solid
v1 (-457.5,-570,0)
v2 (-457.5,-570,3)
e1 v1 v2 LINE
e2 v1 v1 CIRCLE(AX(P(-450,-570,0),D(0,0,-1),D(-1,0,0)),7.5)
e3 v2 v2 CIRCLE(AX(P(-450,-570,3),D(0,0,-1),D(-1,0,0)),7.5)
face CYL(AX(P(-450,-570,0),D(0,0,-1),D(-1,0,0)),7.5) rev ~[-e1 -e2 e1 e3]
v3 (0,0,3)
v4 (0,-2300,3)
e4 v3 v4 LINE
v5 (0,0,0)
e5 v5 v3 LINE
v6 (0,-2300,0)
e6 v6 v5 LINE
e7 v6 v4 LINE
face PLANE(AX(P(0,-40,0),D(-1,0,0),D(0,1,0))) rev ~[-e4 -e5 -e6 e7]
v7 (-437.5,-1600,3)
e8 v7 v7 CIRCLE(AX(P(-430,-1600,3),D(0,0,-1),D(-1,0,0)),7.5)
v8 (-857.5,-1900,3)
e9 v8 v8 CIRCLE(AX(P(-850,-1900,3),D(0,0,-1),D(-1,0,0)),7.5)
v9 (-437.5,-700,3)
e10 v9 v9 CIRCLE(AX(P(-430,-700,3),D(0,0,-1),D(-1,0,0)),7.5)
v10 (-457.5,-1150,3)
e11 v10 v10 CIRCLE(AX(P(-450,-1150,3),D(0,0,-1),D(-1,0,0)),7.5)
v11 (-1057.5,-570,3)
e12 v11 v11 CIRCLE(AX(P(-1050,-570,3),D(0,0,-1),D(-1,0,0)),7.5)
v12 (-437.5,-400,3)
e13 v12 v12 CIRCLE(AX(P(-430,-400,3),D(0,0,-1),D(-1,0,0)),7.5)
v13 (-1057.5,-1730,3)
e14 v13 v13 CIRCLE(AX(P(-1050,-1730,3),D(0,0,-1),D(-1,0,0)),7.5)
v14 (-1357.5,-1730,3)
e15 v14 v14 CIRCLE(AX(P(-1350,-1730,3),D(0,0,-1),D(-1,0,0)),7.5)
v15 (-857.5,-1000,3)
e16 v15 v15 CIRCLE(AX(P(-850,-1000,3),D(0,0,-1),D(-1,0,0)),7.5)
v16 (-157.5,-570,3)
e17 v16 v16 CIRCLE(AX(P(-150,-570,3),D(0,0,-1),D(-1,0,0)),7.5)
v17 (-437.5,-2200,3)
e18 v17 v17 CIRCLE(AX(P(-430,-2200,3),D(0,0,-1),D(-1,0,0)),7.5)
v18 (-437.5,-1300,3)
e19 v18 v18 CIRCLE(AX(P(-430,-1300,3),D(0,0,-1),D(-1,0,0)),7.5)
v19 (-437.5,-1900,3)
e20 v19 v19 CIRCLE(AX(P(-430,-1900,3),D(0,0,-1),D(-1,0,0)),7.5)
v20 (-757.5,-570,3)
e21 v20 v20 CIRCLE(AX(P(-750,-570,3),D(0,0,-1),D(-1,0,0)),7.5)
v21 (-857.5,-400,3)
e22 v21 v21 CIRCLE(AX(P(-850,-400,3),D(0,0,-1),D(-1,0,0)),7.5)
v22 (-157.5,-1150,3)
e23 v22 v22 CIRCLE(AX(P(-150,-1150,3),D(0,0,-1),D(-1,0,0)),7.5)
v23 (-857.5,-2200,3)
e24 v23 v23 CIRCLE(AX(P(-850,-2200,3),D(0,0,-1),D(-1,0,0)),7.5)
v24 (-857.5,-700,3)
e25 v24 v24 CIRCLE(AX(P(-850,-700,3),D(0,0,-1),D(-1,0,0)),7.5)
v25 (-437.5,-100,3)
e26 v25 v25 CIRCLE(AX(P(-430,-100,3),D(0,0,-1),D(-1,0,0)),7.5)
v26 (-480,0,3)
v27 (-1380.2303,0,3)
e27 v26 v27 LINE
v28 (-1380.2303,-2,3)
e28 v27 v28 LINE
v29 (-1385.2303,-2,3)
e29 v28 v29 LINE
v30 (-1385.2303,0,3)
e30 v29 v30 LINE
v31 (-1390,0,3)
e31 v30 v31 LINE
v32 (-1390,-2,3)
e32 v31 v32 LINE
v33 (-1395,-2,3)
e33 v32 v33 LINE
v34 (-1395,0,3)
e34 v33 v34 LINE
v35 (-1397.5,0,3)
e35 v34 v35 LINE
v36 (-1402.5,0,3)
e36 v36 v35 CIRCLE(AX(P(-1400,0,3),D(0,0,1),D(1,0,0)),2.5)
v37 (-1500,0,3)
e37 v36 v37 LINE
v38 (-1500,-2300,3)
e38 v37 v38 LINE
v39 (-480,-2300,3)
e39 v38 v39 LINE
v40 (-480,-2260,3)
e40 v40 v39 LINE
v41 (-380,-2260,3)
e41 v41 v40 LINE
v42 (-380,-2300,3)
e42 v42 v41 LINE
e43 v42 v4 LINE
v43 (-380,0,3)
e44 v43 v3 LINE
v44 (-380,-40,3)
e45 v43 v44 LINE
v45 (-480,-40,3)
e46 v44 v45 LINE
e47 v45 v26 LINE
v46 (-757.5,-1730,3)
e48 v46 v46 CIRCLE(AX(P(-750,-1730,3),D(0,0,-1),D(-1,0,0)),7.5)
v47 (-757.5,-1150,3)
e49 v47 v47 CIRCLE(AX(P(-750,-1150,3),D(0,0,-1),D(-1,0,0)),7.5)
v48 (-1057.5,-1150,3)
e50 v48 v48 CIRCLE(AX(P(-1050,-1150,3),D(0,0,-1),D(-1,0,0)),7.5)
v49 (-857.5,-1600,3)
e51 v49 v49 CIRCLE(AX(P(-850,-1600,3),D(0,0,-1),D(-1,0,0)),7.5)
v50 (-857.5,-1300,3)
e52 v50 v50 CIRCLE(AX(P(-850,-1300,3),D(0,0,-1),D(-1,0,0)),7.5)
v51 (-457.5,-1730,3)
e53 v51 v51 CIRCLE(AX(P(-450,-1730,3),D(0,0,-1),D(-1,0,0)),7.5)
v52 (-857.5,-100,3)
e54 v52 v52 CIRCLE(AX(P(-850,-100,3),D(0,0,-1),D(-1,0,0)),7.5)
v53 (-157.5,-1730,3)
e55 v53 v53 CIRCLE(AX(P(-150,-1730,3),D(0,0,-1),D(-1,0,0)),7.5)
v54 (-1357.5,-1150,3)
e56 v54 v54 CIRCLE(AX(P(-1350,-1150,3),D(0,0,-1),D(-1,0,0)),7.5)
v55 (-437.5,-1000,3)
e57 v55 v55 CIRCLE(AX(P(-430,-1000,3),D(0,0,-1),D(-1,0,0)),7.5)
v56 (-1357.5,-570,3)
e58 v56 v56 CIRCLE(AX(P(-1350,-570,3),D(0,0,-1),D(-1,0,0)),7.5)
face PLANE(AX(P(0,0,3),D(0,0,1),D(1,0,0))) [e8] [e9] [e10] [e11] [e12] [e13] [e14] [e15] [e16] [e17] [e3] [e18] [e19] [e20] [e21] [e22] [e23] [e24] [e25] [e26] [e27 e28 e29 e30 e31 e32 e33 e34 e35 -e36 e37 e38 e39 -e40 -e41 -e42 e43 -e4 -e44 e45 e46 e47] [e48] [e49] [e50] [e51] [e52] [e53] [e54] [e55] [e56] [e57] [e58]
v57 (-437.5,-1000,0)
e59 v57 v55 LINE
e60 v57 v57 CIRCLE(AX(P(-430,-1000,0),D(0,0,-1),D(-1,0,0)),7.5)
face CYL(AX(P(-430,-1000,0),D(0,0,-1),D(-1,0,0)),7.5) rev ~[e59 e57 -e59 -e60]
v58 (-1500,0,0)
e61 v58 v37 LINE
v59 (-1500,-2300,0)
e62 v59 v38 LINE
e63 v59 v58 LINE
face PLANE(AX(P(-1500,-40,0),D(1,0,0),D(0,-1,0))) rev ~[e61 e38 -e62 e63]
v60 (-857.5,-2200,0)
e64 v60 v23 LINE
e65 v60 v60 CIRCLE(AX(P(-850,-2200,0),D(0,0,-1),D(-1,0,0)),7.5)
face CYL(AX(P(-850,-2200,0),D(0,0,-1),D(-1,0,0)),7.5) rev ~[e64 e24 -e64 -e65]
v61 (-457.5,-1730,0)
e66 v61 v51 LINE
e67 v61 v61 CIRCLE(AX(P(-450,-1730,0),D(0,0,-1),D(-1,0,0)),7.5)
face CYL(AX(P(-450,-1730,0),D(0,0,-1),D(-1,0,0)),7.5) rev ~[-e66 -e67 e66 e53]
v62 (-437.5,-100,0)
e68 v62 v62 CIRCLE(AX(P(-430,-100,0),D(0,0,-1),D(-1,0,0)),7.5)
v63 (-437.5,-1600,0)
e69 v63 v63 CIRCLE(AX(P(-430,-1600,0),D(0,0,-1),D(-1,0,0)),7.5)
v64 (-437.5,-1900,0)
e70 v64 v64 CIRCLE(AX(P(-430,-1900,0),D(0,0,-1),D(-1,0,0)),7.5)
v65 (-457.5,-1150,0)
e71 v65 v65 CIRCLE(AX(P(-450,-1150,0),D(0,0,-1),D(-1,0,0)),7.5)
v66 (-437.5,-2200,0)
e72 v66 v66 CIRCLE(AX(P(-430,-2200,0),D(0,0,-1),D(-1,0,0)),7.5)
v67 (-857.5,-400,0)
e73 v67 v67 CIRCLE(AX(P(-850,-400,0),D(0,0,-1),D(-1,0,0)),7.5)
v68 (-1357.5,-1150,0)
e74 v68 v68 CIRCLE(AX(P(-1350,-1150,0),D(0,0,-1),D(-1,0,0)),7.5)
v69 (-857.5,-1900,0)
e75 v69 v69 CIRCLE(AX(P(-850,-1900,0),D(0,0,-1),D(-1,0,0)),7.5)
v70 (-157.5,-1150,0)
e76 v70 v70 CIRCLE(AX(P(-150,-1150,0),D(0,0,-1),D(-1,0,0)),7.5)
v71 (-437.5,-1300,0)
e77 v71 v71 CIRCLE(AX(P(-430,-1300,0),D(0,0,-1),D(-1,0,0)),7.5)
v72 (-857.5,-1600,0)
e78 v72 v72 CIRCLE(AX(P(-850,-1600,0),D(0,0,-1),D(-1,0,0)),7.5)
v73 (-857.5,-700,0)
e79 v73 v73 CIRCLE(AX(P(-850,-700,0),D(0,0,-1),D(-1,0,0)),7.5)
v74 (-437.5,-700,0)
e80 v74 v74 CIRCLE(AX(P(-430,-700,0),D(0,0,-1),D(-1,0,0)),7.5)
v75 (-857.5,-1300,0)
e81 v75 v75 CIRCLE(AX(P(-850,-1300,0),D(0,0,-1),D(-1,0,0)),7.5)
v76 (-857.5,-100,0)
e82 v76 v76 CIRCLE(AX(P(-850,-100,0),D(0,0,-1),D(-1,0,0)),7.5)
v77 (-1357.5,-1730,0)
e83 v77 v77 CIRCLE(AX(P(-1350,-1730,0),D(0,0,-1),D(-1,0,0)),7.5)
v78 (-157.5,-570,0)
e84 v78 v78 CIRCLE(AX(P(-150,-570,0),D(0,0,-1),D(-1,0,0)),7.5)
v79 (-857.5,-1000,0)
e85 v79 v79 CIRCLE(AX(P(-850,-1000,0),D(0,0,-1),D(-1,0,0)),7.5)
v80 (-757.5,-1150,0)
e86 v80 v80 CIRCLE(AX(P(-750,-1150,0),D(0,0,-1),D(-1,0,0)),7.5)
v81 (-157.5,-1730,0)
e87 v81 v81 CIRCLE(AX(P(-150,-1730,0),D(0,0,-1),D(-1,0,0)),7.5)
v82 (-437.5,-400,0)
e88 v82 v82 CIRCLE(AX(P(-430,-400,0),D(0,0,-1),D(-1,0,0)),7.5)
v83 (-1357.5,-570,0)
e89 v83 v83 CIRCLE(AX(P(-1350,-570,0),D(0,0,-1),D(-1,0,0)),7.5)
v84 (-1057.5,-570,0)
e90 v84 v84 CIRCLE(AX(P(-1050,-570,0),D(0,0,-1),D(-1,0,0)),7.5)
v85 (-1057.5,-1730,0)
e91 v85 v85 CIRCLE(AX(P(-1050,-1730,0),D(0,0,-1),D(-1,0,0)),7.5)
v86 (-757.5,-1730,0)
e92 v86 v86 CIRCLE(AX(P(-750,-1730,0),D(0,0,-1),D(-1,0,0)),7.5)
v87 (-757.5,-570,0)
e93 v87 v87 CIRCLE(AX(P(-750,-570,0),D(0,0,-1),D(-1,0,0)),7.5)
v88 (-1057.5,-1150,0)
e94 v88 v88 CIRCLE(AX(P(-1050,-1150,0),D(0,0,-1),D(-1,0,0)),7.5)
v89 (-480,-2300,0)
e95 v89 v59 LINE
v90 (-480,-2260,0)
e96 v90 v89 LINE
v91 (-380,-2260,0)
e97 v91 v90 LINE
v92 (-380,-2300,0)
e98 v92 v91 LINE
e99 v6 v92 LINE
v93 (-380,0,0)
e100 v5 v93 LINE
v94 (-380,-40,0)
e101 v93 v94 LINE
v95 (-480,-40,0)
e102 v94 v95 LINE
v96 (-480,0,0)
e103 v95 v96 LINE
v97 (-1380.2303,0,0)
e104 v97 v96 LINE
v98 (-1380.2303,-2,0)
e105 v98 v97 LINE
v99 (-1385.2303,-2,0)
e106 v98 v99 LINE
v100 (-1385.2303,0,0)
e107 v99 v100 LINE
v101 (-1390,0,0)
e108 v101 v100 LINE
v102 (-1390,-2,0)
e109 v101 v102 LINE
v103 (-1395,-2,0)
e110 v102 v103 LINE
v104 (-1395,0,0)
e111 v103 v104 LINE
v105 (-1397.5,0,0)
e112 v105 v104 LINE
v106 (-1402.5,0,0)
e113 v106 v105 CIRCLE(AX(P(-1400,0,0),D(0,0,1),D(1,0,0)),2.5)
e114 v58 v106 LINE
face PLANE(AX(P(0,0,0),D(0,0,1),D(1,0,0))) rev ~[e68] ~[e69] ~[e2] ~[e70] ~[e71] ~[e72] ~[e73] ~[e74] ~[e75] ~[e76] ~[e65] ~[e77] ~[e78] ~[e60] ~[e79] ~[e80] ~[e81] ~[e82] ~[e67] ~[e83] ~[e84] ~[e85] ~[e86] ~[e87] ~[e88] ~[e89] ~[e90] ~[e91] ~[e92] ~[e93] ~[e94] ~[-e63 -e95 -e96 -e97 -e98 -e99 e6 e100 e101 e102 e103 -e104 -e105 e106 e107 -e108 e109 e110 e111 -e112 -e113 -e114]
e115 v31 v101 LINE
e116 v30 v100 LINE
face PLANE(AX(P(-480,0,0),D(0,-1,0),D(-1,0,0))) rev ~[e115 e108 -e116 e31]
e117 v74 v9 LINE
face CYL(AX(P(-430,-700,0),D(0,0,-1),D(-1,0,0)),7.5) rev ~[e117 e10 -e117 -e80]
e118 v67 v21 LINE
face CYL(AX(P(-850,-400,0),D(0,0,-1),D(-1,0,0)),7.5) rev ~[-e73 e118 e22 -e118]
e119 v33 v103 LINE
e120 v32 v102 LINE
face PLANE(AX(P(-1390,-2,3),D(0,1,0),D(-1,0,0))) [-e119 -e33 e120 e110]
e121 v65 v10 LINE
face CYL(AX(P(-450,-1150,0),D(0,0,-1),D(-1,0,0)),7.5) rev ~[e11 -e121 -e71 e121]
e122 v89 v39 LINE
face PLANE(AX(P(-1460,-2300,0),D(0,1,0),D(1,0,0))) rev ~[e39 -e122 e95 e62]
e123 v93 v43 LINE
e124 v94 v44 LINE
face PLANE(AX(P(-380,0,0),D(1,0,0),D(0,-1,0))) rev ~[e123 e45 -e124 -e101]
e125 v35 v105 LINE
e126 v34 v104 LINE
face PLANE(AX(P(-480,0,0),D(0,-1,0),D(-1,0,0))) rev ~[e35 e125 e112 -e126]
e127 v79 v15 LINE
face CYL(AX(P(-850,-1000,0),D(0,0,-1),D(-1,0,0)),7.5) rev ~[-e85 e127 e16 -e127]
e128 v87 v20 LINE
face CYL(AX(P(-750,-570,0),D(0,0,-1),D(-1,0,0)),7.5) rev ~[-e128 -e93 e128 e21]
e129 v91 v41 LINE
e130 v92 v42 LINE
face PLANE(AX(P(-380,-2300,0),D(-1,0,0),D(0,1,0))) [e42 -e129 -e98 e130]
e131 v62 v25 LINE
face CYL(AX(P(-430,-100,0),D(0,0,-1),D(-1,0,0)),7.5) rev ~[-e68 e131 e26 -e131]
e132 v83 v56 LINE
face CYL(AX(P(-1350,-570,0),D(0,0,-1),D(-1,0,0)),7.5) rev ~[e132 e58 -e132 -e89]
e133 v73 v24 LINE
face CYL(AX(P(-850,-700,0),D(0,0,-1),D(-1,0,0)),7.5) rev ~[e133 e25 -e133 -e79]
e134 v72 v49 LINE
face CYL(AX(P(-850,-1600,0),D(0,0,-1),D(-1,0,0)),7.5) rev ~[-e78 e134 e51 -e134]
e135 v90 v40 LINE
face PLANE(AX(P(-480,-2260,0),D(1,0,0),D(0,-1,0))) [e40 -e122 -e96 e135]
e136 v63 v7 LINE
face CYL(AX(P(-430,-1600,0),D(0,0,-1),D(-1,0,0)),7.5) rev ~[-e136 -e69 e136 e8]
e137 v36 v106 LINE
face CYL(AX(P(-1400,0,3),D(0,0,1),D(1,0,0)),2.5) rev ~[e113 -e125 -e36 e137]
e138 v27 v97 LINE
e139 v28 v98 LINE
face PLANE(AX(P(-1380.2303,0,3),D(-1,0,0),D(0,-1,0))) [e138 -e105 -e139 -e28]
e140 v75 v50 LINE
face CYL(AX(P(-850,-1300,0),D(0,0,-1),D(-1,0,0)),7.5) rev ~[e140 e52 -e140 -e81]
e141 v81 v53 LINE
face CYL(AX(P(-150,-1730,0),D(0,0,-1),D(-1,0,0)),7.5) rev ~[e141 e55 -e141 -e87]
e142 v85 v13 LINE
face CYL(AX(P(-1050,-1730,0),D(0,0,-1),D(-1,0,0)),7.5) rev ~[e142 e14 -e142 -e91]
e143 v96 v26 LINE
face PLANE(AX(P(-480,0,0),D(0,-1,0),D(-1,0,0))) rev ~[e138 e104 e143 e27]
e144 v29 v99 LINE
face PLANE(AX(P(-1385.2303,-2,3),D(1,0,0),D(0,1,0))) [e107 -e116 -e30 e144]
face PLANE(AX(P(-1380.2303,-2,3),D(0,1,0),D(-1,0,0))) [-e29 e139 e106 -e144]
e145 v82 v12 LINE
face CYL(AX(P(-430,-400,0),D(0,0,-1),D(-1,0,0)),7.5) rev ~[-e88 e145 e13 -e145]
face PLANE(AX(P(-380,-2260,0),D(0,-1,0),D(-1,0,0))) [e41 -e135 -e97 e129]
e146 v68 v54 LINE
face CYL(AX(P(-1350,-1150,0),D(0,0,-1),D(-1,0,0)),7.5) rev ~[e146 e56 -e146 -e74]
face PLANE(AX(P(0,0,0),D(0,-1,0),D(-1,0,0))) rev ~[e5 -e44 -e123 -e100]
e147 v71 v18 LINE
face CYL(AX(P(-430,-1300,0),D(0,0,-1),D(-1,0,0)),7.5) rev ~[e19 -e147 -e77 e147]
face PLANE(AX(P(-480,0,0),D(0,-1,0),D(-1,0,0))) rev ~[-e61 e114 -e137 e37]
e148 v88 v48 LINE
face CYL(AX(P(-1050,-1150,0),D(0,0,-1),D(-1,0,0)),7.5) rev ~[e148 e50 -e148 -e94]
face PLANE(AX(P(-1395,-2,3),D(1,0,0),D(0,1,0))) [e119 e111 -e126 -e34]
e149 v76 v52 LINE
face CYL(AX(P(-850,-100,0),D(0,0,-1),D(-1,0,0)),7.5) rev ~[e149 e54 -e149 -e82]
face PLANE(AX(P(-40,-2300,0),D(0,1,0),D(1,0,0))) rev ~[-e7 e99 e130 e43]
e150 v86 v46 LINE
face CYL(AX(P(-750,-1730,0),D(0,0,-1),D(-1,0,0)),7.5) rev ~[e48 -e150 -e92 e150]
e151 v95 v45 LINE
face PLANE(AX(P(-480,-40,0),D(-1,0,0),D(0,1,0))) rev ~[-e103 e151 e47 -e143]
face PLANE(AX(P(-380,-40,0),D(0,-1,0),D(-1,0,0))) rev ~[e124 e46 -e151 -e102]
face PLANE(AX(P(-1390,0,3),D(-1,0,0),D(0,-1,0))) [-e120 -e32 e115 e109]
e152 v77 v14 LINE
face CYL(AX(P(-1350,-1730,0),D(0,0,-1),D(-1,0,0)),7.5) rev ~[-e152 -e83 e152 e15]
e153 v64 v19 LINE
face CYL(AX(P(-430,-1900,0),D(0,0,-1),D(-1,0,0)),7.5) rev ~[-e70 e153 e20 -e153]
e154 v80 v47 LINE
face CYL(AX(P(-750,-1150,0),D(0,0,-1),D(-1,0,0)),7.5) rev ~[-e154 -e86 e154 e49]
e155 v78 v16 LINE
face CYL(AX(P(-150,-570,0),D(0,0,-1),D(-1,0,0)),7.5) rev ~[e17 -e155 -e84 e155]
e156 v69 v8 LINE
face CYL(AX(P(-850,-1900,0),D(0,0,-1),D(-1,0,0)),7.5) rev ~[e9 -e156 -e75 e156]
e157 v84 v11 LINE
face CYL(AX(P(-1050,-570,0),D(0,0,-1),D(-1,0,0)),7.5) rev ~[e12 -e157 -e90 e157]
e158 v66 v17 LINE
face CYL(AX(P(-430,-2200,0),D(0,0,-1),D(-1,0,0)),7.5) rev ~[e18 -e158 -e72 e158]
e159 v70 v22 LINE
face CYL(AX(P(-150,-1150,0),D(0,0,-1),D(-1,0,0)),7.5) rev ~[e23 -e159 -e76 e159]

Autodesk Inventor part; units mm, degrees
ref_plane "YZ Plane" through (0, 0, 0) normal (1, 0, 0) x (0, 1, 0)
ref_plane "XZ Plane" through (0, 0, 0) normal (0, 1, 0) x (-1, 0, 0)
ref_plane "XY Plane" through (0, 0, 0) normal (0, 0, 1) x (1, 0, 0)
sketch "Sketch1" plane through (0, 0, 0) normal (0, 0, 1) x (1, 0, 0)
  line L0 (0, 0) -> (-1500, 0)
  line L1 (-1500, 0) -> (-1500, -2300)
  line L2 (-1500, -2300) -> (0, -2300)
  line L3 (0, -2300) -> (0, 0)
  line L4 (0, 0) -> (-40, 0)
  line L5 (-40, 0) -> (-40, -40)
  line L6 (-40, -40) -> (0, -40)
  line L7 (0, -40) -> (0, 0)
  line L8 (0, -2300) -> (-40, -2300)
  line L9 (-40, -2300) -> (-40, -2260)
  line L10 (-40, -2260) -> (0, -2260)
  line L11 (0, -2260) -> (0, -2300)
  line L12 (-1500, 0) -> (-1460, 0)
  line L13 (-1460, 0) -> (-1460, -40)
  line L14 (-1460, -40) -> (-1500, -40)
  line L15 (-1500, -40) -> (-1500, 0)
  line L16 (-1500, -2300) -> (-1460, -2300)
  line L17 (-1460, -2300) -> (-1460, -2260)
  line L18 (-1460, -2260) -> (-1500, -2260)
  line L19 (-1500, -2260) -> (-1500, -2300)
  line L20 (-480, -2300) -> (-380, -2300)
  line L21 (-380, -2300) -> (-380, -2260)
  line L22 (-380, -2260) -> (-480, -2260)
  line L23 (-480, -2260) -> (-480, -2300)
  line L24 (-480, 0) -> (-380, 0)
  line L25 (-380, 0) -> (-380, -40)
  line L26 (-380, -40) -> (-480, -40)
  line L27 (-480, -40) -> (-480, 0)
  point P0 (0, -40)
  point P1 (-40, 0)
  point P2 (0, -2260)
  point P3 (-380, -2300)
  point P4 (-380, 0)
  dimension "d22" = 1500
  dimension "d23" = 2300
  dimension "d24" = 40
  dimension "d25" = 40
  dimension "d28" = 100
  dimension "d29" = 340
extrude "Plate1" add sketch "Sketch1" along normal blind 3 contours L3 L6 L5 L0 | L5 L6 L3 L10 L9 L2 L21 L22 L23 L17 L18 L1 L14 L13 L0 L27 L26 L25 | L3 L2 L9 L10 | L13 L14 L1 L0 | L18 L17 L2 L1
sketch "Sketch6" plane through (0, 0, 3) normal (0, 0, 1) x (1, 0, 0)
  line L0 (0, 0) -> (0, -2300) projected
  line L1 (-380, 0) -> (0, 0) projected
  line L2 (-380, -40) -> (-380, 0) projected
  line L3 (-480, -40) -> (-380, -40) projected
  line L4 (-480, 0) -> (-480, -40) projected
  line L5 (-1500, 0) -> (-480, 0) projected
  line L6 (-1500, -2300) -> (-1500, 0) projected
  line L7 (-480, -2300) -> (-1500, -2300) projected
  line L8 (-480, -2260) -> (-480, -2300) projected
  line L9 (-380, -2260) -> (-480, -2260) projected
  line L10 (-380, -2300) -> (-380, -2260) projected
  line L11 (0, -2300) -> (-380, -2300) projected
  line L12 (-1395, 0) -> (-1390, 0)
  line L13 (-1390, 0) -> (-1390, -2)
  line L14 (-1390, -2) -> (-1395, -2)
  line L15 (-1395, -2) -> (-1395, 0)
  line L16 (-1375.2303, 0) -> (-1370.2303, 0)
  line L17 (-1370.2303, 0) -> (-1370.2303, -2)
  line L18 (-1370.2303, -2) -> (-1375.2303, -2)
  line L19 (-1375.2303, -2) -> (-1375.2303, 0)
  line L20 (-1385.2303, 0) -> (-1380.2303, 0)
  line L21 (-1380.2303, 0) -> (-1380.2303, -2)
  line L22 (-1380.2303, -2) -> (-1385.2303, -2)
  line L23 (-1385.2303, -2) -> (-1385.2303, 0)
  line L24 (-1365.2303, 0) -> (-1362.2303, 0)
  line L25 (-1380.2303, -1) -> (-1375.2303, -1)
  line L26 (-1365.2303, 0) -> (-1364.9363, -1.0787)
  arc A0 (-1364.9363, -1.0787) -> (-1362.5243, -1.0787) centre (-1363.7303, -0.75) ccw
  line L27 (-1362.5243, -1.0787) -> (-1362.2303, 0)
  line L28 (-1370.2303, 0) -> (-1365.2303, 0)
  line L29 (-1342.2303, -2) -> (-1347.2303, -2)
  line L30 (-1342.2303, -1) -> (-1337.2303, -1)
  line L31 (-1352.2303, -2) -> (-1357.2303, -2)
  line L32 (-1352.2303, -1) -> (-1347.2303, -1)
  line L33 (-1347.2303, 0) -> (-1342.2303, 0)
  line L34 (-1347.2303, -2) -> (-1347.2303, 0)
  line L35 (-1357.2303, 0) -> (-1352.2303, 0)
  line L36 (-1357.2303, -2) -> (-1357.2303, 0)
  line L37 (-1352.2303, 0) -> (-1352.2303, -2)
  line L38 (-1342.2303, 0) -> (-1342.2303, -2)
  line L39 (-1337.2303, -2) -> (-1337.2303, 0)
  line L40 (-1337.2303, 0) -> (-1332.2303, 0)
  line L41 (-1332.2303, 0) -> (-1332.2303, -2)
  line L42 (-1332.2303, -2) -> (-1337.2303, -2)
  line L43 (-1362.2303, 0) -> (-1357.2303, 0)
  circle A1 centre (-1400, 0) radius 2.5
  line L44 (-1500, 0) -> (-480, 0) projected
  point P0 (-1363.7303, 0)
  point P1 (-1397.5, 0)
  point P2 (-1402.5, 0)
  point P3 (-1390, 0)
  point P4 (-1395, 0)
  point P5 (-1380.2303, 0)
  point P6 (-1385.2303, 0)
  dimension "d38" = 5
  dimension "d39" = 2
  dimension "d40" = 1.25
  dimension "d41" = 3
  dimension "d42" = 5
  dimension "d44" = 5
  dimension "d45" = 5
  dimension "d46" = 100
extrude "Cut1" cut sketch "Sketch6" against normal blind 3 contours L5 A1 | L5 L13 L14 L15 | L5 L21 L22 L23 picked at (-1400.7379, -0.3873)
sketch "Sketch7" plane through (0, 0, 0) normal (0, 0, -1) x (-1, 0, 0)
  arc A0 (1397.5, 0) -> (1402.5, 0) centre (1400, 0) ccw construction
  line L0 (1395, 0) -> (1397.5, 0) construction
  line L1 (1395, 0) -> (1395, -2) construction
  line L2 (1395, -2) -> (1390, -2) construction
  line L3 (1390, -2) -> (1390, 0) construction
  line L4 (1385.2303, 0) -> (1390, 0) construction
  line L5 (1385.2303, 0) -> (1385.2303, -2) construction
  line L6 (1385.2303, -2) -> (1380.2303, -2) construction
  line L7 (1380.2303, -2) -> (1380.2303, 0) construction
  line L8 (480, 0) -> (1380.2303, 0) construction
  line L9 (480, -40) -> (480, 0) construction
  line L10 (380, -40) -> (480, -40) construction
  line L11 (380, 0) -> (380, -40) construction
  line L12 (0, 0) -> (380, 0) construction
  line L13 (0, -2300) -> (0, 0) construction
  line L14 (380, -2300) -> (0, -2300) construction
  line L15 (380, -2260) -> (380, -2300) construction
  line L16 (480, -2260) -> (380, -2260) construction
  line L17 (480, -2300) -> (480, -2260) construction
  line L18 (1500, -2300) -> (480, -2300) construction
  line L19 (1500, 0) -> (1500, -2300) construction
  line L20 (1402.5, 0) -> (1500, 0) construction
  line L21 (850, 0) -> (850, -2312.778) construction
  line L22 (430, -2260) -> (430, -40) construction
  line L23 (1500, -570) -> (0, -570) construction
  line L24 (1500, -1150) -> (0, -1150) construction
  line L25 (1500, -1730) -> (0, -1730) construction
  circle A1 centre (850, -2200) radius 7.5
  circle A2 centre (430, -2200) radius 7.5
  circle A3 centre (1350, -1730) radius 7.5
  circle A4 centre (1350, -1150) radius 7.5
  circle A5 centre (1350, -570) radius 7.5
  circle A6 centre (850, -1900) radius 7.5
  circle A7 centre (430, -1900) radius 7.5
  circle A8 centre (850, -1600) radius 7.5
  circle A9 centre (430, -1600) radius 7.5
  circle A10 centre (850, -1300) radius 7.5
  circle A11 centre (430, -1300) radius 7.5
  circle A12 centre (850, -1000) radius 7.5
  circle A13 centre (430, -1000) radius 7.5
  circle A14 centre (850, -700) radius 7.5
  circle A15 centre (430, -700) radius 7.5
  circle A16 centre (850, -400) radius 7.5
  circle A17 centre (430, -400) radius 7.5
  circle A18 centre (850, -100) radius 7.5
  circle A19 centre (430, -100) radius 7.5
  circle A20 centre (850, 200) radius 7.5
  circle A21 centre (430, 200) radius 7.5
  circle A22 centre (850, 500) radius 7.5
  circle A23 centre (430, 500) radius 7.5
  circle A24 centre (850, 800) radius 7.5
  circle A25 centre (430, 800) radius 7.5
  circle A26 centre (1050, -1730) radius 7.5
  circle A27 centre (1050, -1150) radius 7.5
  circle A28 centre (1050, -570) radius 7.5
  circle A29 centre (750, -1730) radius 7.5
  circle A30 centre (750, -1150) radius 7.5
  circle A31 centre (750, -570) radius 7.5
  circle A32 centre (450, -1730) radius 7.5
  circle A33 centre (450, -1150) radius 7.5
  circle A34 centre (450, -570) radius 7.5
  circle A35 centre (150, -1730) radius 7.5
  circle A36 centre (150, -1150) radius 7.5
  circle A37 centre (150, -570) radius 7.5
  circle A38 centre (-150, -1730) radius 7.5
  circle A39 centre (-150, -1150) radius 7.5
  circle A40 centre (-150, -570) radius 7.5
  circle A41 centre (-450, -1730) radius 7.5
  circle A42 centre (-450, -1150) radius 7.5
  circle A43 centre (-450, -570) radius 7.5
  dimension "d49" = 570
  dimension "d50" = 1150
  dimension "d51" = 1730
  dimension "d52" = 650
  dimension "d53" = 1070
  dimension "d54" = 15
  dimension "d55" = 100
  dimension "d56" = 150
  dimension "d59" = 300
  dimension "d66" = 300
extrude "Cut2" cut sketch "Sketch7" against normal blind 3
equation "\"d24\" = d25"
equation "\"d40\" = 0.25 * d38"
equation "\"d47\" = Thickness"
equation "\"d71\" = Thickness"
equation "\"d2\" = Thickness"
equation "\"BendReliefWidth\" = Thickness"
equation "\"BendReliefDepth\" = 0.5 * Thickness"
equation "\"CornerReliefSize\" = 4 * Thickness"
equation "\"MinimumRemnant\" = 2 * Thickness"
equation "\"TransitionRadius\" = BendRadius"
equation "\"JacobiRadiusSize\" = BendRadius"
equation "\"GapSize\" = Thickness"
equation "\"Thickness\" = 3"
equation "\"BendRadius\" = 5"
properties part number "GnG L.2 floor sheet" material "Stainless Steel"
